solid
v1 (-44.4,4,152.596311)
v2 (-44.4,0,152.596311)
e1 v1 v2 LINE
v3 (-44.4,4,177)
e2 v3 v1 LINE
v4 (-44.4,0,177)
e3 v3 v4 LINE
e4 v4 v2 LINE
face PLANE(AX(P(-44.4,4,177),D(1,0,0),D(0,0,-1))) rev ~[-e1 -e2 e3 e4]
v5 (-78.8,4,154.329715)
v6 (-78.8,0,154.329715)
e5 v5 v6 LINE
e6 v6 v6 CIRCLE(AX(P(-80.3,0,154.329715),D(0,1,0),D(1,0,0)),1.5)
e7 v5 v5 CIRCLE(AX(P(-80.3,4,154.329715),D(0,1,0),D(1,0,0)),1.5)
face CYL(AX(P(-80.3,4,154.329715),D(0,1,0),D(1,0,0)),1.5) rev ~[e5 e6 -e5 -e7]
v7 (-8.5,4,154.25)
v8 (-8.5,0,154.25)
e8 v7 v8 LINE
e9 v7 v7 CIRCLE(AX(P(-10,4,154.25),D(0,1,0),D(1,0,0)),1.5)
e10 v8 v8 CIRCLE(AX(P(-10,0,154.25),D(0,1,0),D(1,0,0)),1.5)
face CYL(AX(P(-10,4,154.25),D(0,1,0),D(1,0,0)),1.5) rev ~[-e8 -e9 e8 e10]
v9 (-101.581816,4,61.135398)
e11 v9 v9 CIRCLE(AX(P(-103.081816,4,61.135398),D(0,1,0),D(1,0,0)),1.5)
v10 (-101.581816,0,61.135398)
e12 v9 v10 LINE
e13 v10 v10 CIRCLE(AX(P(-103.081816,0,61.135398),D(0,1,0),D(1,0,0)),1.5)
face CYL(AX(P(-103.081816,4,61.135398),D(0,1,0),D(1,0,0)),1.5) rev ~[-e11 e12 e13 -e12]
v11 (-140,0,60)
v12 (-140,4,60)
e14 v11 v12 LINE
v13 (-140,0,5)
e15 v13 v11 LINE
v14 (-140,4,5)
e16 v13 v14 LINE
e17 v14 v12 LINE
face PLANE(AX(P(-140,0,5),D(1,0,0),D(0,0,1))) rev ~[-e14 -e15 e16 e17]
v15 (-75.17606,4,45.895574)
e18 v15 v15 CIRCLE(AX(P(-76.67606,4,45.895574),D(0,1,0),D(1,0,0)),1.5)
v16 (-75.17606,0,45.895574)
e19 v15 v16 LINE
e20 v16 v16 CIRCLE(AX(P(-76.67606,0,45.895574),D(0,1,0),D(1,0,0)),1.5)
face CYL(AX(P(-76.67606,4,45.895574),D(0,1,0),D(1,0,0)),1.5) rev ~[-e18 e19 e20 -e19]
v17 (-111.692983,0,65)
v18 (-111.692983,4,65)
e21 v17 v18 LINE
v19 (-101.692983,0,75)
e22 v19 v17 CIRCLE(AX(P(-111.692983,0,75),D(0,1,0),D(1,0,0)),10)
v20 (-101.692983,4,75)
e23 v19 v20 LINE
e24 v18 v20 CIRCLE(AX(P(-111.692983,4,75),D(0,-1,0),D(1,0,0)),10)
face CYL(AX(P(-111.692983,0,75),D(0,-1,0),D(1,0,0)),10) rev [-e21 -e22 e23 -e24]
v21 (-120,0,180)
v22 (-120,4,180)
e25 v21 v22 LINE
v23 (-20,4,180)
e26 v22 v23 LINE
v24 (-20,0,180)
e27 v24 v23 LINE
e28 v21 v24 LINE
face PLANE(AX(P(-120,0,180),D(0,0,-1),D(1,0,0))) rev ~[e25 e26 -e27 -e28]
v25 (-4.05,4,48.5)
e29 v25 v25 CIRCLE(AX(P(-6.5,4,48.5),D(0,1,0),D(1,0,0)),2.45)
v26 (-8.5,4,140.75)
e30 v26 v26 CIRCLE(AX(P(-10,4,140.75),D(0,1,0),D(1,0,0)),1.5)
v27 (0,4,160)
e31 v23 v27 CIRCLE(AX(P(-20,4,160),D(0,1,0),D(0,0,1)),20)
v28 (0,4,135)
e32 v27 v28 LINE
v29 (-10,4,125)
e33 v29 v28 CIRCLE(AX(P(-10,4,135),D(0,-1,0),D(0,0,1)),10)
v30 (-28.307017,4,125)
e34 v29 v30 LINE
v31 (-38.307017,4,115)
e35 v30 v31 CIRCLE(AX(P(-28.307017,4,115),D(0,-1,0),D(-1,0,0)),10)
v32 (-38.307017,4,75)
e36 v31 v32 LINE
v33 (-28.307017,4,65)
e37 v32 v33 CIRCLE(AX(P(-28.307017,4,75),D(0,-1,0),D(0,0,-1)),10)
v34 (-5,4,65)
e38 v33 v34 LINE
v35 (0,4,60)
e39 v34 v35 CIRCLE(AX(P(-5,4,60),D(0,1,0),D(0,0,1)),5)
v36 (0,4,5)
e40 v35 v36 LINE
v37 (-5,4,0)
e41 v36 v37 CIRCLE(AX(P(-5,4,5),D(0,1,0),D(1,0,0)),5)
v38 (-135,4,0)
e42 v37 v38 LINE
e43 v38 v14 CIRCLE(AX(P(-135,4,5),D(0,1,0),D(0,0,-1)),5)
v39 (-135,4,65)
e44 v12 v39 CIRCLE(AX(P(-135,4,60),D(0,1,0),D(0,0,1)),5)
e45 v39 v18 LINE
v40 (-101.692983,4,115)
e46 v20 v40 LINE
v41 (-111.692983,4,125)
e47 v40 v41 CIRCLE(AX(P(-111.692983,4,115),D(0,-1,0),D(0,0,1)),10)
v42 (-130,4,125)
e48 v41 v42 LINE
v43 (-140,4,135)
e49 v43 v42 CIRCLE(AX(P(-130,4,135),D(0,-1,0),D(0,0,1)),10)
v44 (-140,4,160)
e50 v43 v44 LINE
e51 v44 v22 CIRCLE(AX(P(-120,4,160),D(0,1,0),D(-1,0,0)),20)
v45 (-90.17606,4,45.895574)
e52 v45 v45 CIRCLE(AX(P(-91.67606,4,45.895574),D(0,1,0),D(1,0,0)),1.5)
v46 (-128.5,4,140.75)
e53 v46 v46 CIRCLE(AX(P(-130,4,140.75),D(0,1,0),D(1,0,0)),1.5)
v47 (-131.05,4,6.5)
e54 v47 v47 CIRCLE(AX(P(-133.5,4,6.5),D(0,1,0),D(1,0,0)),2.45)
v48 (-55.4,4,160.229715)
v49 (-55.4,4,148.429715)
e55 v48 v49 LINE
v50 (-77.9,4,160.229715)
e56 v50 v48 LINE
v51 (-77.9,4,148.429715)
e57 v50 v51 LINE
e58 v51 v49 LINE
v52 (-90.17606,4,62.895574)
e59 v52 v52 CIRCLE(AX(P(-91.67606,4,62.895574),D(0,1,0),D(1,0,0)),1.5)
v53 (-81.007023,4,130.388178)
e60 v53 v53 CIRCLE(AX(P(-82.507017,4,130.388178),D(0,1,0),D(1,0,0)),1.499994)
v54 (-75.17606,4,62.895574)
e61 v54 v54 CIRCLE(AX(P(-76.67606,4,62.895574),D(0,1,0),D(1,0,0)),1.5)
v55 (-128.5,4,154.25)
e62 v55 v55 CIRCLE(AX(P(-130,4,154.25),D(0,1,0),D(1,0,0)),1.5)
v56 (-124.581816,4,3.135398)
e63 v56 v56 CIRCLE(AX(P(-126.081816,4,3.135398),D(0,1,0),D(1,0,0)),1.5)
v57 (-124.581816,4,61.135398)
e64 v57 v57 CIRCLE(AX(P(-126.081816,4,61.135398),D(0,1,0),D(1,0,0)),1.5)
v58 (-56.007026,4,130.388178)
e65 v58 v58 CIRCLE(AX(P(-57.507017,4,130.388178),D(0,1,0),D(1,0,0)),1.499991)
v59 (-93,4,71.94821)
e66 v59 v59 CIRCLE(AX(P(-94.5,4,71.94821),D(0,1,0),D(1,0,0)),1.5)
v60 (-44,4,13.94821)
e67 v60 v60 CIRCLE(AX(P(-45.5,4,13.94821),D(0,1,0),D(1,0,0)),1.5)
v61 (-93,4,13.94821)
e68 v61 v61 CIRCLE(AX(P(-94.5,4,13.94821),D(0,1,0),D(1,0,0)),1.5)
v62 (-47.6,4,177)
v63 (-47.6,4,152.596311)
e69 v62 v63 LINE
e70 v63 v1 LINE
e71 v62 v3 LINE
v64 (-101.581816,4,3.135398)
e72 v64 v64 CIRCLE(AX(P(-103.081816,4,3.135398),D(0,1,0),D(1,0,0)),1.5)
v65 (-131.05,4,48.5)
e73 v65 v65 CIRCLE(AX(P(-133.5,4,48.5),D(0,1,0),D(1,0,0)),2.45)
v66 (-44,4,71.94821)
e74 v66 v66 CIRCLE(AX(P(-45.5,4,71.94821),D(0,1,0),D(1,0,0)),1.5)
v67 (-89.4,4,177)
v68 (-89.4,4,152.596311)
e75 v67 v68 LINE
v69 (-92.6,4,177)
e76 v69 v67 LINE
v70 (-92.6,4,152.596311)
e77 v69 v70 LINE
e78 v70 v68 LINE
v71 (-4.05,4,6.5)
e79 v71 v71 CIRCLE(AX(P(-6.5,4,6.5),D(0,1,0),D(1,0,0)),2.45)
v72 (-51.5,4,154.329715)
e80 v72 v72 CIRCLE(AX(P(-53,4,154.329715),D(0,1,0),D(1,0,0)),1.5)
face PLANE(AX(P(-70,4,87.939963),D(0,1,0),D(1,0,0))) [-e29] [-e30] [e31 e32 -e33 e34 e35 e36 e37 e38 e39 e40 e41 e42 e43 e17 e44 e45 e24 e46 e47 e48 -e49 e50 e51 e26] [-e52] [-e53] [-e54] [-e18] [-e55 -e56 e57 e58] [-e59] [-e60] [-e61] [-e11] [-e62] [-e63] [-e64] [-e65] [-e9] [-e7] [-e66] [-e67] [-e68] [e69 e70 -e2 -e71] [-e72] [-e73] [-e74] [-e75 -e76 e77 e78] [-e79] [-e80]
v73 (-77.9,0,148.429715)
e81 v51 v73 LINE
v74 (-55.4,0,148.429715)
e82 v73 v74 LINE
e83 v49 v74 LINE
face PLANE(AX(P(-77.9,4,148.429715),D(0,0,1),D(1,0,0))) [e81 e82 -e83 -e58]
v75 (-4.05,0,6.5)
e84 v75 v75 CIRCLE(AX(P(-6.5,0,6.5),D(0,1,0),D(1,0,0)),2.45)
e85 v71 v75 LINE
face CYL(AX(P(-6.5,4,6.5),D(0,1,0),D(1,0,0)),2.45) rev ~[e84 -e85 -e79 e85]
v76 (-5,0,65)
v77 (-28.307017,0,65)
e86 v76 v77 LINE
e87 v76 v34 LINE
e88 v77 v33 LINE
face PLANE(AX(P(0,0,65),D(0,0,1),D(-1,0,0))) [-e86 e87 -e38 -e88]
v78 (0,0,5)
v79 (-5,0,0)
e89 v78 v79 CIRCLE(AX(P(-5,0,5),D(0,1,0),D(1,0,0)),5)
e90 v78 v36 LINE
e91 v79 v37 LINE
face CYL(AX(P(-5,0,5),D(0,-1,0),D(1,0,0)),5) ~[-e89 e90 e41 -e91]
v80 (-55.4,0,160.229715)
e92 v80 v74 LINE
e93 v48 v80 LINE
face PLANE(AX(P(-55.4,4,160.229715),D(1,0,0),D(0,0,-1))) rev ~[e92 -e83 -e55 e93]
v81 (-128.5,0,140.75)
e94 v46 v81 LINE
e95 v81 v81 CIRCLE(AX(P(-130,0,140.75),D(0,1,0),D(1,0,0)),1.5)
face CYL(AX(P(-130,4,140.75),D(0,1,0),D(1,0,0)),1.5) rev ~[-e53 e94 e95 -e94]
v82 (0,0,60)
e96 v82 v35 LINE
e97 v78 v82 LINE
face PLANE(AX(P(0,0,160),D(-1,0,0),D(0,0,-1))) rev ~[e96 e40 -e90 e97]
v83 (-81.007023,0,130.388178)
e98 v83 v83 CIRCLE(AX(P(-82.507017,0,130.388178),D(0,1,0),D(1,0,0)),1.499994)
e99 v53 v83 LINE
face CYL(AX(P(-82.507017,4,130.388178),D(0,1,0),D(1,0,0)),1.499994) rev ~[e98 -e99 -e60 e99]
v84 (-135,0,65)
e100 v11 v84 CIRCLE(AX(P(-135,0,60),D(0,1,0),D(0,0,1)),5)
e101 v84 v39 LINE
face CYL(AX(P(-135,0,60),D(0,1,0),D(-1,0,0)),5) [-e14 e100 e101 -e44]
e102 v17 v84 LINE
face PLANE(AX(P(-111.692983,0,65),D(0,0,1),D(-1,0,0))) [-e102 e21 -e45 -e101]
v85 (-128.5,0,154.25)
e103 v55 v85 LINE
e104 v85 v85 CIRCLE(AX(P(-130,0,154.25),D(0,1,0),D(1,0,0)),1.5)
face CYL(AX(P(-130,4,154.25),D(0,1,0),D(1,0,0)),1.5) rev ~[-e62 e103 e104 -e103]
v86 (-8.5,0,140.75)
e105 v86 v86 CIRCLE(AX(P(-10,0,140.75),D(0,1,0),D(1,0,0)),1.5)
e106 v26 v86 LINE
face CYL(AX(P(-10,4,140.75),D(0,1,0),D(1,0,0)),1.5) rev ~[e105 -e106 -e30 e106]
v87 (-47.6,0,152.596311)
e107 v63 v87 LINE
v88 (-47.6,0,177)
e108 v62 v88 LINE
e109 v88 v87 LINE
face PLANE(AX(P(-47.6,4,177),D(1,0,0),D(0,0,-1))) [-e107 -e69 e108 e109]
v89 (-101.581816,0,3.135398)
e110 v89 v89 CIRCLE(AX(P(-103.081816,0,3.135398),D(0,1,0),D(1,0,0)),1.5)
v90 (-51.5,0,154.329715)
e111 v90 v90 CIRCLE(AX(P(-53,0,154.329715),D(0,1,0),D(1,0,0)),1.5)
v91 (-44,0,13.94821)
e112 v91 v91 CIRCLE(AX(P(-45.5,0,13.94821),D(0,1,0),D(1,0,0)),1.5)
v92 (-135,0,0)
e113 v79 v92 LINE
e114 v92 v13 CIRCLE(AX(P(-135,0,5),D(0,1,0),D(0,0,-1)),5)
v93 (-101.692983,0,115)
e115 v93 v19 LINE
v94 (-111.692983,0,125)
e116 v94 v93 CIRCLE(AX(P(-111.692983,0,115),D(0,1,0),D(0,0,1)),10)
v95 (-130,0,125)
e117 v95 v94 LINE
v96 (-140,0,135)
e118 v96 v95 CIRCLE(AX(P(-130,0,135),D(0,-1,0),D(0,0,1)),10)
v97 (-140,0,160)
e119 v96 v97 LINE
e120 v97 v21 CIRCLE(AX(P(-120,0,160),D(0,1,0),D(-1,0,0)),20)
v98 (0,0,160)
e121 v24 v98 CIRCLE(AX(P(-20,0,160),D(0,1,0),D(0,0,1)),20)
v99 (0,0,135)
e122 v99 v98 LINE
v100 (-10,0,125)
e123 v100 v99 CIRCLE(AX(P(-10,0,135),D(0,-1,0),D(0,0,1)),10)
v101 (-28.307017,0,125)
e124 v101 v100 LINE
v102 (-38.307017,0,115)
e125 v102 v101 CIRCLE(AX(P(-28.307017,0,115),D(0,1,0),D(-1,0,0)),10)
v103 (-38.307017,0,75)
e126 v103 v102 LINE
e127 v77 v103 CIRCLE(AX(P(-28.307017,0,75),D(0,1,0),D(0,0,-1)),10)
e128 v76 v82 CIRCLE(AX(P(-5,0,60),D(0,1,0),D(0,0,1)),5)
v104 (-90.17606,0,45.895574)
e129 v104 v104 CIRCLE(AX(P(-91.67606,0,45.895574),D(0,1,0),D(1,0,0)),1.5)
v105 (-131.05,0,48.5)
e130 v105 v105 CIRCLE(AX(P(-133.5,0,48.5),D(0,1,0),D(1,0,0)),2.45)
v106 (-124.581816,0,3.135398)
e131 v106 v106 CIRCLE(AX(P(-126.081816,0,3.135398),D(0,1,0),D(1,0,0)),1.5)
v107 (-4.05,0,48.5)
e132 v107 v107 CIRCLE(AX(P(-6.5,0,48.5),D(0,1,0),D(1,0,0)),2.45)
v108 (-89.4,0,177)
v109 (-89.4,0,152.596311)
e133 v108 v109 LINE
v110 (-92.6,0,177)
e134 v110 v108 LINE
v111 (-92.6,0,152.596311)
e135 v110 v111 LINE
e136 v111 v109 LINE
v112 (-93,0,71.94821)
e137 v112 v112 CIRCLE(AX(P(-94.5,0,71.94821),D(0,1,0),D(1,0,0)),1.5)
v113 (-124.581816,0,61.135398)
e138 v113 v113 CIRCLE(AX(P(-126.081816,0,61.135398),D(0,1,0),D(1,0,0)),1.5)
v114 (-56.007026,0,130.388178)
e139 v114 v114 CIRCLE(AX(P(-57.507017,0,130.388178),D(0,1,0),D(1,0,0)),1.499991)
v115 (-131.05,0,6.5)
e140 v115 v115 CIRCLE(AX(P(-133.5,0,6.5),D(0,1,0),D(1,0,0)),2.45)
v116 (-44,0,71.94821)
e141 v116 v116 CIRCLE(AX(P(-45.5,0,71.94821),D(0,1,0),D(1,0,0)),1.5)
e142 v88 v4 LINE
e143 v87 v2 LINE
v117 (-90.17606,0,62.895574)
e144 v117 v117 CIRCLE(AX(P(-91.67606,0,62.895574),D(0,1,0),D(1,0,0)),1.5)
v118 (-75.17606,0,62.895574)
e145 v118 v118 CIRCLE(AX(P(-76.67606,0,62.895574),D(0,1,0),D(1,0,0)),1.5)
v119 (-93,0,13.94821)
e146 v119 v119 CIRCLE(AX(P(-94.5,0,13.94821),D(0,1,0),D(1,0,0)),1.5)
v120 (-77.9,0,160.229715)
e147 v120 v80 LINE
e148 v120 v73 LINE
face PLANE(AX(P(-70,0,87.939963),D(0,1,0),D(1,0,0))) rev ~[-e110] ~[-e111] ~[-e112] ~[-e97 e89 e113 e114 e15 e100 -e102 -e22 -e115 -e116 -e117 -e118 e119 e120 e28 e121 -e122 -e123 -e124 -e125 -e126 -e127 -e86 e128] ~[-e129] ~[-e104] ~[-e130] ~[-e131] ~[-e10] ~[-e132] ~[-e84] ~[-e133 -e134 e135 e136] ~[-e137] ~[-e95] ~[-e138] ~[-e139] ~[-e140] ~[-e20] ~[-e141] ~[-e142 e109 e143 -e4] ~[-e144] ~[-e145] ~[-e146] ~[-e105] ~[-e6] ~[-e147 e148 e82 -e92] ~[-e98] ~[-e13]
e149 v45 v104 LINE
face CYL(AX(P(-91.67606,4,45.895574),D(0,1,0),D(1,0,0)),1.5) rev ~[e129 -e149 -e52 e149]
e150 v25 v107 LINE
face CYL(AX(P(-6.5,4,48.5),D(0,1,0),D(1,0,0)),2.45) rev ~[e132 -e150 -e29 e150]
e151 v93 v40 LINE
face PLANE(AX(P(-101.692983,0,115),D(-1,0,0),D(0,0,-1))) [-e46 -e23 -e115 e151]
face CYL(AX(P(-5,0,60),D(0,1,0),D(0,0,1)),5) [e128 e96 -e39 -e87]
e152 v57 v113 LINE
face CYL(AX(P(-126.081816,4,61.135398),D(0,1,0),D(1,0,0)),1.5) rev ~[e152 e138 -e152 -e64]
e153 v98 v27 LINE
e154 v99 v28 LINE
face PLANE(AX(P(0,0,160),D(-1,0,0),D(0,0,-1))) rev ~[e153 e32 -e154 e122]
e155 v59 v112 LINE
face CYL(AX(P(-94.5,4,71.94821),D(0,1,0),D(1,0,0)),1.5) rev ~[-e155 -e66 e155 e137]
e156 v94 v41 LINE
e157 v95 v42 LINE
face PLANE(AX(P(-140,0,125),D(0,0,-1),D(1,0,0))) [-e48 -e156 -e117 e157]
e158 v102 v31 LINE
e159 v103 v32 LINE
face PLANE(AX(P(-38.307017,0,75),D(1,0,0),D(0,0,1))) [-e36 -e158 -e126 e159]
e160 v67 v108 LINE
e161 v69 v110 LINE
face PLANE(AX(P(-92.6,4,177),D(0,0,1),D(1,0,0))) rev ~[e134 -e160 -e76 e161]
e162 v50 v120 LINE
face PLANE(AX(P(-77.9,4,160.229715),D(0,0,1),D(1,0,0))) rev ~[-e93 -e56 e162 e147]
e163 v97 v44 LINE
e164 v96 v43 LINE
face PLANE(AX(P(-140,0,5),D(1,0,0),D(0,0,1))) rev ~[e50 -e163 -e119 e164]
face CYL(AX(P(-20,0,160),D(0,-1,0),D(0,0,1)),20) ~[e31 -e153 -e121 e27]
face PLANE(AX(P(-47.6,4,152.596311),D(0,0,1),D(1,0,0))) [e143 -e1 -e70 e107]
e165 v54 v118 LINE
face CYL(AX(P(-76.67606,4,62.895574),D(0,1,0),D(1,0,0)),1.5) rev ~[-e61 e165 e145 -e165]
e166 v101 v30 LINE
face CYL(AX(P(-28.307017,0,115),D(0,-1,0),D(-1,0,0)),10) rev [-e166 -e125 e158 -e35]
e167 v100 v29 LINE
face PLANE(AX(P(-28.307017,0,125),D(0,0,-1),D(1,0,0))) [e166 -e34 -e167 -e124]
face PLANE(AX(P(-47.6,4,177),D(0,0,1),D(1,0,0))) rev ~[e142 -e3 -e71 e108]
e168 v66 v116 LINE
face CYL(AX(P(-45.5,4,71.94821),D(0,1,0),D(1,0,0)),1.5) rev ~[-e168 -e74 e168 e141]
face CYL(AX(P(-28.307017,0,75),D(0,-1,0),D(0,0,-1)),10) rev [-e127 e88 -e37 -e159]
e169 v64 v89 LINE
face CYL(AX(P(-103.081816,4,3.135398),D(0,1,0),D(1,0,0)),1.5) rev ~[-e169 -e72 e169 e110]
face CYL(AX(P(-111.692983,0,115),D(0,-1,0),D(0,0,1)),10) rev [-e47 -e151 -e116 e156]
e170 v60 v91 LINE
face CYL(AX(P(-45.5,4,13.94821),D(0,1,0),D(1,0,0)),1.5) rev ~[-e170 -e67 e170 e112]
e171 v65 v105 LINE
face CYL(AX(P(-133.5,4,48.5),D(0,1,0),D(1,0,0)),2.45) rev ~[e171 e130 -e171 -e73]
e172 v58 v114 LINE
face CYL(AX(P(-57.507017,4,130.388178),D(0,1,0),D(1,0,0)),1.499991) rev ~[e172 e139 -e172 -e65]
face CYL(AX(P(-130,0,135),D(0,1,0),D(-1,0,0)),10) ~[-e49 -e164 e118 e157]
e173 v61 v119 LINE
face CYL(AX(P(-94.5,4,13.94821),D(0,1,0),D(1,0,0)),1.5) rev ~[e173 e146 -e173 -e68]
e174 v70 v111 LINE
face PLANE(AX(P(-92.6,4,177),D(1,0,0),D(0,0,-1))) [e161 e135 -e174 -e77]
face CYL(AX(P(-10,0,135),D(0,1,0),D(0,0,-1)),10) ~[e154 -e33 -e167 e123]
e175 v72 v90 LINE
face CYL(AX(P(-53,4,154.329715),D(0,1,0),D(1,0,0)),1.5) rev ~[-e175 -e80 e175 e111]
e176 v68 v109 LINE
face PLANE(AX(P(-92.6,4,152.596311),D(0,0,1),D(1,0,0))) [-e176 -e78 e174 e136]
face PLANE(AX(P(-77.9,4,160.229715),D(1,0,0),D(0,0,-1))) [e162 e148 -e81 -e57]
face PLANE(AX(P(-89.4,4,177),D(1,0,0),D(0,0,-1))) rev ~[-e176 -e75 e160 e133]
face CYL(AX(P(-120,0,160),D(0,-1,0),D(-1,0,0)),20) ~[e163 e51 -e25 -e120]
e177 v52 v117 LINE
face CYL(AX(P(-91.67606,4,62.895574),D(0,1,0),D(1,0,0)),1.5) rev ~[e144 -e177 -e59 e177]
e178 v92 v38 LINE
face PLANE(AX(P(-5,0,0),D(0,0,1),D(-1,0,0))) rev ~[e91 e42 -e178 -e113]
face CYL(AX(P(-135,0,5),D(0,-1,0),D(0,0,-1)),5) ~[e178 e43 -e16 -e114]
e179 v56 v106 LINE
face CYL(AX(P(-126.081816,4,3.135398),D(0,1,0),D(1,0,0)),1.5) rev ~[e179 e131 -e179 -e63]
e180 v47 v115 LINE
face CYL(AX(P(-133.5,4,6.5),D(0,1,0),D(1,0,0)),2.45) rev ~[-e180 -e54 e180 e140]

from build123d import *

# Parameters (mm, degrees)
BOSS_EXTRUDE1_DEPTH     = 4
SKETCH2_R               = 1.5
SKETCH2_R_2             = 2.45
SKETCH2_R_3             = 1.499994387
SKETCH2_R_4             = 1.499990712
SKETCH2_W               = 22.5
SKETCH2_H               = 11.8
SKETCH2_W_2             = 3.2
SKETCH2_H_2             = 24.403689174
SKETCH2_W_3             = 3.200000004
CUT_EXTRUDE1_DEPTH      = 1
CUT_EXTRUDE1_DEPTH_BACK = 5
CUT_EXTRUDE2_DEPTH      = 1
CUT_EXTRUDE2_DEPTH_BACK = 5
FILLET1_R               = 10
FILLET2_R               = 5


with BuildPart() as part:
    # Sketch1 → Boss-Extrude1 (new body)
    with BuildSketch(Plane(origin=(0, 0, 0), x_dir=(1, 0, 0), z_dir=(0, 1, 0))):
        with BuildLine():
            Line((-120, 0), (-135, 0))
            ThreePointArc((-135, 0), (-138.535533906, -1.464466094), (-140, -5))
            Line((-140, -5), (-140, -20))
            Line((-140, -20), (-140, -160))
            ThreePointArc((-140, -160), (-134.142135624, -174.142135624), (-120, -180))
            Line((-120, -180), (-20, -180))
            ThreePointArc((-20, -180), (-5.857864376, -174.142135624), (0, -160))
            Line((0, -160), (0, -20))
            Line((0, -20), (0, -5))
            ThreePointArc((0, -5), (-1.464466094, -1.464466094), (-5, 0))
            Line((-5, 0), (-20, 0))
            Line((-20, 0), (-120, 0))
        make_face()
    extrude(amount=BOSS_EXTRUDE1_DEPTH)

    # Sketch2 → Cut-Extrude1 (cut, two sides)
    with BuildSketch(Plane(origin=(0, 4, 0), x_dir=(1, 0, 0), z_dir=(0, 1, 0))) as cut_extrude1_sk:
        with Locations((-80.3, -154.329714663)):
            Circle(SKETCH2_R)
        with Locations((-53, -154.329714663)):
            Circle(SKETCH2_R)
        with Locations((-6.5, -6.5)):
            Circle(SKETCH2_R_2)
        with Locations((-6.5, -48.5)):
            Circle(SKETCH2_R_2)
        with Locations((-133.5, -48.5)):
            Circle(SKETCH2_R_2)
        with Locations((-133.5, -6.5)):
            Circle(SKETCH2_R_2)
        with Locations((-82.507017072, -130.388178469)):
            Circle(SKETCH2_R_3)
        with Locations((-57.507017072, -130.388178469)):
            Circle(SKETCH2_R_4)
        with Locations((-76.676059564, -45.89557362)):
            Circle(SKETCH2_R)
        with Locations((-91.676059564, -45.89557362)):
            Circle(SKETCH2_R)
        with Locations((-76.676059564, -62.89557362)):
            Circle(SKETCH2_R)
        with Locations((-91.676059564, -62.89557362)):
            Circle(SKETCH2_R)
        with Locations((-94.5, -71.948209631)):
            Circle(SKETCH2_R)
        with Locations((-45.5, -71.948209631)):
            Circle(SKETCH2_R)
        with Locations((-94.5, -13.948209631)):
            Circle(SKETCH2_R)
        with Locations((-45.5, -13.948209631)):
            Circle(SKETCH2_R)
        with Locations((-126.081815918, -3.135397693)):
            Circle(SKETCH2_R)
        with Locations((-103.081815918, -3.135397693)):
            Circle(SKETCH2_R)
        with Locations((-126.081815918, -61.135397693)):
            Circle(SKETCH2_R)
        with Locations((-103.081815918, -61.135397693)):
            Circle(SKETCH2_R)
        with Locations((-130, -140.75)):
            Circle(SKETCH2_R)
        with Locations((-130, -154.25)):
            Circle(SKETCH2_R)
        with Locations((-10, -154.25)):
            Circle(SKETCH2_R)
        with Locations((-10, -140.75)):
            Circle(SKETCH2_R)
        with Locations((-66.65, -154.329714663)):
            Rectangle(SKETCH2_W, SKETCH2_H)
        with Locations((-91, -164.798155413)):
            Rectangle(SKETCH2_W_2, SKETCH2_H_2)
        with Locations((-46, -164.798155413)):
            Rectangle(SKETCH2_W_3, SKETCH2_H_2)
    extrude(amount=CUT_EXTRUDE1_DEPTH, mode=Mode.SUBTRACT)
    extrude(cut_extrude1_sk.sketch, amount=-CUT_EXTRUDE1_DEPTH_BACK, mode=Mode.SUBTRACT)

    # Sketch3 → Cut-Extrude2 (cut, two sides)
    with BuildSketch(Plane(origin=(0, 0, 0), x_dir=(-1, 0, 0), z_dir=(0, -1, 0))) as cut_extrude2_sk:
        with BuildLine():
            Line((0, -65), (28.307017072, -65))
            ThreePointArc((28.307017072, -65), (35.378084884, -67.928932188), (38.307017072, -75))
            Line((38.307017072, -75), (38.307017072, -115))
            ThreePointArc((38.307017072, -115), (35.378084884, -122.071067812), (28.307017072, -125))
            Line((28.307017072, -125), (0, -125))
            Line((0, -125), (0, -65))
        make_face()
        with BuildLine():
            Line((140, -65), (140, -125))
            Line((140, -125), (111.692982928, -125))
            ThreePointArc((111.692982928, -125), (104.621915116, -122.071067812), (101.692982928, -115))
            Line((101.692982928, -115), (101.692982928, -75))
            ThreePointArc((101.692982928, -75), (104.621915116, -67.928932188), (111.692982928, -65))
            Line((111.692982928, -65), (140, -65))
        make_face()
    extrude(amount=CUT_EXTRUDE2_DEPTH, mode=Mode.SUBTRACT)
    extrude(cut_extrude2_sk.sketch, amount=-CUT_EXTRUDE2_DEPTH_BACK, mode=Mode.SUBTRACT)

    # Fillet1
    fillet1_edges = [part.edges().sort_by_distance(p)[0] for p in [
        (0, 2, 125),
        (-140, 2, 125),
    ]]
    fillet(fillet1_edges, radius=FILLET1_R)

    # Fillet2
    fillet2_edges = [part.edges().sort_by_distance(p)[0] for p in [
        (0, 2, 65),
        (-140, 2, 65),
    ]]
    fillet(fillet2_edges, radius=FILLET2_R)


solid = part.part
